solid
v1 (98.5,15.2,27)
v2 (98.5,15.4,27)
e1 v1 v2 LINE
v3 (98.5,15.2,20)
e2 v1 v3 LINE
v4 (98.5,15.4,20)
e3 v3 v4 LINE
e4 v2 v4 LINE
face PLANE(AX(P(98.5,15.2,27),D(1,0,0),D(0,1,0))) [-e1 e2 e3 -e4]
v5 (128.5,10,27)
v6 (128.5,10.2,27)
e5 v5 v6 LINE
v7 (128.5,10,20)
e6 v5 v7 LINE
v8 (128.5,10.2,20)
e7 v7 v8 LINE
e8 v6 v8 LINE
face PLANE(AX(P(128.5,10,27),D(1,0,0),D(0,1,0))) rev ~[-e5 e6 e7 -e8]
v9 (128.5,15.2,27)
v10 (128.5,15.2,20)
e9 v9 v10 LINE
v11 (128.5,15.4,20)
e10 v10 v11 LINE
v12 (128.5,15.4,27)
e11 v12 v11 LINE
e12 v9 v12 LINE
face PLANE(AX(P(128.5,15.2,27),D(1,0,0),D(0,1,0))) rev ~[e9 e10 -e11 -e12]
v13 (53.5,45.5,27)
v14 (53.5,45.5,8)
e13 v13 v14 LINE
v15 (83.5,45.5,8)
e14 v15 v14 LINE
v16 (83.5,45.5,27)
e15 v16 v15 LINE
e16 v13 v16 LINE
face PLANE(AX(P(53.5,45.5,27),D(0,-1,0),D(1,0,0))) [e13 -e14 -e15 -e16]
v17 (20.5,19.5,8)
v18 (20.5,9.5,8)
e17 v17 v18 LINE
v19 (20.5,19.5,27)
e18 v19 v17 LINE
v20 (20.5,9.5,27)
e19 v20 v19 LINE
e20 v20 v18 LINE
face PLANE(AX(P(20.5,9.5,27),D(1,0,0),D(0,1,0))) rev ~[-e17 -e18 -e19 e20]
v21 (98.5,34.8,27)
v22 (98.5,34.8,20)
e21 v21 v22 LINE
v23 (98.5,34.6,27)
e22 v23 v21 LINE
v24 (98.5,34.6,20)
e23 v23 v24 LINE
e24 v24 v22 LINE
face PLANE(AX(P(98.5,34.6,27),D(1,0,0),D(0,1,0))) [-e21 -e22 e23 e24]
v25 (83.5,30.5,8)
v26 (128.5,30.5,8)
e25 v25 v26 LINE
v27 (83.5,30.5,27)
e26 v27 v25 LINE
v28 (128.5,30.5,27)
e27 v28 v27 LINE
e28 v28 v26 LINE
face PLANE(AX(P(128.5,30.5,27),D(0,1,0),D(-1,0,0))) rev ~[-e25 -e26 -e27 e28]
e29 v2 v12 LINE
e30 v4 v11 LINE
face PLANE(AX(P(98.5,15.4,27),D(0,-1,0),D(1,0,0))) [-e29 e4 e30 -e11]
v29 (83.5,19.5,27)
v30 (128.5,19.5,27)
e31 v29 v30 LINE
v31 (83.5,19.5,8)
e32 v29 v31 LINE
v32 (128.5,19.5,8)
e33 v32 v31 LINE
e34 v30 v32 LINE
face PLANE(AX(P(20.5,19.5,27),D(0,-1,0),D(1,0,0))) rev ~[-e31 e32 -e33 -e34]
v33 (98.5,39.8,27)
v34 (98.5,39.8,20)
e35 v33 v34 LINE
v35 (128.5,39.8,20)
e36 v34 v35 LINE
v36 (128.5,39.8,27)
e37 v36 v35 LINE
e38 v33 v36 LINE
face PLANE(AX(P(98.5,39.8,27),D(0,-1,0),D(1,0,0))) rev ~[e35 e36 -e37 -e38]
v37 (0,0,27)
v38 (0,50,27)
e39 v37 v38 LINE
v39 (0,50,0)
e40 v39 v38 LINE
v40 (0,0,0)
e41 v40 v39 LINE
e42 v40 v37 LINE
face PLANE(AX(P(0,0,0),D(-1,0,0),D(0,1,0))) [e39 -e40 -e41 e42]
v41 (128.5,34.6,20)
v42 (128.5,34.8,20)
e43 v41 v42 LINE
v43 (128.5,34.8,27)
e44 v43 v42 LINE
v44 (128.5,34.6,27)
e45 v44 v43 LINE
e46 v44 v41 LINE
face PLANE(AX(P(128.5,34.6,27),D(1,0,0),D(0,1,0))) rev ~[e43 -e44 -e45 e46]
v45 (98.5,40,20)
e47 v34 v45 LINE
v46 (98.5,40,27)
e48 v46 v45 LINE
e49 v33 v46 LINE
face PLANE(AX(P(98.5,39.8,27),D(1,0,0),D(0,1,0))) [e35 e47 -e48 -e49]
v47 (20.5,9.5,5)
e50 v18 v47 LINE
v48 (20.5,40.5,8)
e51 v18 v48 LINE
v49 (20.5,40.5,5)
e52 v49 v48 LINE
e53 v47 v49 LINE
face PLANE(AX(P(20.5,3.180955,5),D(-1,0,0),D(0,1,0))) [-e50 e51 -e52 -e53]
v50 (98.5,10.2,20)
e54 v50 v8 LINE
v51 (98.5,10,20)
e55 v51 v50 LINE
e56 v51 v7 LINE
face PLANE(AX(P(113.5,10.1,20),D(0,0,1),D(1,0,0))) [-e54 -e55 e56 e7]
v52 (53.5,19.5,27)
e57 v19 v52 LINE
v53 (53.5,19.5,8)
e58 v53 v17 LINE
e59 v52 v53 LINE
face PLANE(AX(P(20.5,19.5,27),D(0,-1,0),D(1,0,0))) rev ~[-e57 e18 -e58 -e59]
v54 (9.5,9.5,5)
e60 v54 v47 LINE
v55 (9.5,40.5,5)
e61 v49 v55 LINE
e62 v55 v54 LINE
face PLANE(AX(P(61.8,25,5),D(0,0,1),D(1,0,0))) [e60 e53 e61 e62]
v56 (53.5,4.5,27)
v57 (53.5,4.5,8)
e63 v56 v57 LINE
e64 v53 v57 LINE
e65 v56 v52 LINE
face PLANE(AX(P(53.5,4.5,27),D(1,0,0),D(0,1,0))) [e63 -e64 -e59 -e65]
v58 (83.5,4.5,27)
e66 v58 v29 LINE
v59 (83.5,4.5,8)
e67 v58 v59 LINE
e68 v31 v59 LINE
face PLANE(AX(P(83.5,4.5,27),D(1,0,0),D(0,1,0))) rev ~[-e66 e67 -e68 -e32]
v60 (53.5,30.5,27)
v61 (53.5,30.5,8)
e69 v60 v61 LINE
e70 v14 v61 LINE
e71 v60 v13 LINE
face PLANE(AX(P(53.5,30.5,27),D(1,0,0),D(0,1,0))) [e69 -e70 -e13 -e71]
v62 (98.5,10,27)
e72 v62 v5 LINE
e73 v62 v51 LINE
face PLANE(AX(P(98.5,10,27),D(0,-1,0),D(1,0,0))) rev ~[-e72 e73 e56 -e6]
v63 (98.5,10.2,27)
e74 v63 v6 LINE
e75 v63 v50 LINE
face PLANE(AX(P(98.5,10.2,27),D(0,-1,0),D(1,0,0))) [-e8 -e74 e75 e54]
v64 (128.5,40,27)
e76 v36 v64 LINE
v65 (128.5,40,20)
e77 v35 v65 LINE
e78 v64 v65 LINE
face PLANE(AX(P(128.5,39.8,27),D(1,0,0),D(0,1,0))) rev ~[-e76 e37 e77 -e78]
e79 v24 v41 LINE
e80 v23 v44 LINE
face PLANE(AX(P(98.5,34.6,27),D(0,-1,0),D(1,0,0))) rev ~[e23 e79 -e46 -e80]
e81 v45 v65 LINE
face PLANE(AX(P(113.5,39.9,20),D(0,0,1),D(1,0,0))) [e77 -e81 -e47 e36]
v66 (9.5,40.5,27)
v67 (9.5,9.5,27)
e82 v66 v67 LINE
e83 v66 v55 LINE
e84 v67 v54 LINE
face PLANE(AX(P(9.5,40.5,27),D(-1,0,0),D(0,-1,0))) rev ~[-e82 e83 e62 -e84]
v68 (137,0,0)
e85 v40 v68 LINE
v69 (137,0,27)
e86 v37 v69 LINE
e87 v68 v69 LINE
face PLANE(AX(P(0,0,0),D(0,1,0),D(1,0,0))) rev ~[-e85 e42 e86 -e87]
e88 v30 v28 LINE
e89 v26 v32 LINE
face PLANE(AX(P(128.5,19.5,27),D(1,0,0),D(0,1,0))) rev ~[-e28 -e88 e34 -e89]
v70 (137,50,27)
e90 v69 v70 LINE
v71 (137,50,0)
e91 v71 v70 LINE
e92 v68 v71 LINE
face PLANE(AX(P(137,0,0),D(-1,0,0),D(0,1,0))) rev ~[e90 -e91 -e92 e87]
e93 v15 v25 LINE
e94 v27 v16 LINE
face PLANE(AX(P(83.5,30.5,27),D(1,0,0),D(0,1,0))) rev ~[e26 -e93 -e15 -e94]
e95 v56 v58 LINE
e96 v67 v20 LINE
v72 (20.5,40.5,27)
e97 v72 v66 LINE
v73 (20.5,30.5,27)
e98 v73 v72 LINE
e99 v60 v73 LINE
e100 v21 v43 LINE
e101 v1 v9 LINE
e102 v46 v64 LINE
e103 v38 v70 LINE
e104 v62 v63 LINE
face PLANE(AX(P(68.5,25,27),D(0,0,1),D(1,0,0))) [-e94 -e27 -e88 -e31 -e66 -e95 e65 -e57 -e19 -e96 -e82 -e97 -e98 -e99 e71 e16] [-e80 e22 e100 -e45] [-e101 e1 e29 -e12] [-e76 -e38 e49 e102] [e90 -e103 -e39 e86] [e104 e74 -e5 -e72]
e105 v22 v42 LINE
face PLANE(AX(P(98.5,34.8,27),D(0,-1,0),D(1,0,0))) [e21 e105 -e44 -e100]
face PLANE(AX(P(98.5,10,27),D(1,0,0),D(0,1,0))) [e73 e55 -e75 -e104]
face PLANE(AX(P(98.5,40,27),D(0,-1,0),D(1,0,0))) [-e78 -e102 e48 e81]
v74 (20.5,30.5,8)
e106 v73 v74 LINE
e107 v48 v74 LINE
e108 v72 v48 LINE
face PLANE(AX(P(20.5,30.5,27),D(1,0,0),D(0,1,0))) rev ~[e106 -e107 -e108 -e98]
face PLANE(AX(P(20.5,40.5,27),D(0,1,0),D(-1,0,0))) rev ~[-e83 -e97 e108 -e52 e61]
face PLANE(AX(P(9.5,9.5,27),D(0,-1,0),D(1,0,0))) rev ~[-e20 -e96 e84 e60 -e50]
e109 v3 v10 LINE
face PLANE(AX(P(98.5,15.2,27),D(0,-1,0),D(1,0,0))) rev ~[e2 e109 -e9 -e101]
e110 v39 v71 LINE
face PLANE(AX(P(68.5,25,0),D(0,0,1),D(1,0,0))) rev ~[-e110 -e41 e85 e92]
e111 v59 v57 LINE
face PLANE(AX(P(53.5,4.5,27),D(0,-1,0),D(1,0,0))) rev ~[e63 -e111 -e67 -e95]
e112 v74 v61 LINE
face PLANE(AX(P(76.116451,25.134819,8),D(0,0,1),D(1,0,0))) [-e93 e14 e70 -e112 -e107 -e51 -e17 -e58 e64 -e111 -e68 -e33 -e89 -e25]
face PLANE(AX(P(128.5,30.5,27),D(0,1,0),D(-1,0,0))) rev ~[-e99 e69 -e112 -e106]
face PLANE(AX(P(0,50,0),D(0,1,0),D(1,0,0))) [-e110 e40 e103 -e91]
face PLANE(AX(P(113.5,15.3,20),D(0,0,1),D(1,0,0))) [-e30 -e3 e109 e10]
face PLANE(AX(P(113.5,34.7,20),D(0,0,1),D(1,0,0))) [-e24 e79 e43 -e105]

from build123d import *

# Parameters (mm, degrees)
F0_W     = 137
F0_H     = 50
F1_DEPTH = 27
F3_DEPTH = 22
F4_W     = 30
F4_H     = 15
F5_DEPTH = 22
F6_W     = 30
F6_H     = 0.2
F7_DEPTH = 7
F8_W     = 111.232903
F8_H     = 43.907728
F9_DEPTH = 3


with BuildPart() as f1:
    # F0 (on Top) → F1 (new body)
    with BuildSketch(Plane.XY):
        with Locations((68.5, 25)):
            Rectangle(F0_W, F0_H)
    extrude(amount=F1_DEPTH)

    # F2 (on face) → F3 (cut)
    with BuildSketch(Plane.XY.offset(27)):
        Polygon((20.5, 40.5), (9.5, 40.5), (9.5, 9.5), (20.5, 9.5), (20.5, 19.5), (128.5, 19.5), (128.5, 30.5), (20.5, 30.5), align=None)
    extrude(amount=-F3_DEPTH, mode=Mode.SUBTRACT)

    # F4 (on face) → F5 (cut)
    with BuildSketch(Plane.XY.offset(27)):
        with Locations((68.5, 38)):
            Rectangle(F4_W, F4_H)
        with Locations((68.5, 12)):
            Rectangle(F4_W, F4_H)
    extrude(amount=-F5_DEPTH, mode=Mode.SUBTRACT)

    # F6 (on face) → F7 (cut)
    with BuildSketch(Plane.XY.offset(27)):
        with Locations((113.5, 39.9)):
            Rectangle(F6_W, F6_H)
        with Locations((113.5, 34.7)):
            Rectangle(F6_W, F6_H)
        with Locations((113.5, 15.3)):
            Rectangle(F6_W, F6_H)
        with Locations((113.5, 10.1)):
            Rectangle(F6_W, F6_H)
    extrude(amount=-F7_DEPTH, mode=Mode.SUBTRACT)

    # F8 (on face) → F9 (join)
    with BuildSketch(Plane.XY.offset(5)):
        with Locations((76.116451, 25.134819)):
            Rectangle(F8_W, F8_H)
    extrude(amount=F9_DEPTH)


solid = f1.part
